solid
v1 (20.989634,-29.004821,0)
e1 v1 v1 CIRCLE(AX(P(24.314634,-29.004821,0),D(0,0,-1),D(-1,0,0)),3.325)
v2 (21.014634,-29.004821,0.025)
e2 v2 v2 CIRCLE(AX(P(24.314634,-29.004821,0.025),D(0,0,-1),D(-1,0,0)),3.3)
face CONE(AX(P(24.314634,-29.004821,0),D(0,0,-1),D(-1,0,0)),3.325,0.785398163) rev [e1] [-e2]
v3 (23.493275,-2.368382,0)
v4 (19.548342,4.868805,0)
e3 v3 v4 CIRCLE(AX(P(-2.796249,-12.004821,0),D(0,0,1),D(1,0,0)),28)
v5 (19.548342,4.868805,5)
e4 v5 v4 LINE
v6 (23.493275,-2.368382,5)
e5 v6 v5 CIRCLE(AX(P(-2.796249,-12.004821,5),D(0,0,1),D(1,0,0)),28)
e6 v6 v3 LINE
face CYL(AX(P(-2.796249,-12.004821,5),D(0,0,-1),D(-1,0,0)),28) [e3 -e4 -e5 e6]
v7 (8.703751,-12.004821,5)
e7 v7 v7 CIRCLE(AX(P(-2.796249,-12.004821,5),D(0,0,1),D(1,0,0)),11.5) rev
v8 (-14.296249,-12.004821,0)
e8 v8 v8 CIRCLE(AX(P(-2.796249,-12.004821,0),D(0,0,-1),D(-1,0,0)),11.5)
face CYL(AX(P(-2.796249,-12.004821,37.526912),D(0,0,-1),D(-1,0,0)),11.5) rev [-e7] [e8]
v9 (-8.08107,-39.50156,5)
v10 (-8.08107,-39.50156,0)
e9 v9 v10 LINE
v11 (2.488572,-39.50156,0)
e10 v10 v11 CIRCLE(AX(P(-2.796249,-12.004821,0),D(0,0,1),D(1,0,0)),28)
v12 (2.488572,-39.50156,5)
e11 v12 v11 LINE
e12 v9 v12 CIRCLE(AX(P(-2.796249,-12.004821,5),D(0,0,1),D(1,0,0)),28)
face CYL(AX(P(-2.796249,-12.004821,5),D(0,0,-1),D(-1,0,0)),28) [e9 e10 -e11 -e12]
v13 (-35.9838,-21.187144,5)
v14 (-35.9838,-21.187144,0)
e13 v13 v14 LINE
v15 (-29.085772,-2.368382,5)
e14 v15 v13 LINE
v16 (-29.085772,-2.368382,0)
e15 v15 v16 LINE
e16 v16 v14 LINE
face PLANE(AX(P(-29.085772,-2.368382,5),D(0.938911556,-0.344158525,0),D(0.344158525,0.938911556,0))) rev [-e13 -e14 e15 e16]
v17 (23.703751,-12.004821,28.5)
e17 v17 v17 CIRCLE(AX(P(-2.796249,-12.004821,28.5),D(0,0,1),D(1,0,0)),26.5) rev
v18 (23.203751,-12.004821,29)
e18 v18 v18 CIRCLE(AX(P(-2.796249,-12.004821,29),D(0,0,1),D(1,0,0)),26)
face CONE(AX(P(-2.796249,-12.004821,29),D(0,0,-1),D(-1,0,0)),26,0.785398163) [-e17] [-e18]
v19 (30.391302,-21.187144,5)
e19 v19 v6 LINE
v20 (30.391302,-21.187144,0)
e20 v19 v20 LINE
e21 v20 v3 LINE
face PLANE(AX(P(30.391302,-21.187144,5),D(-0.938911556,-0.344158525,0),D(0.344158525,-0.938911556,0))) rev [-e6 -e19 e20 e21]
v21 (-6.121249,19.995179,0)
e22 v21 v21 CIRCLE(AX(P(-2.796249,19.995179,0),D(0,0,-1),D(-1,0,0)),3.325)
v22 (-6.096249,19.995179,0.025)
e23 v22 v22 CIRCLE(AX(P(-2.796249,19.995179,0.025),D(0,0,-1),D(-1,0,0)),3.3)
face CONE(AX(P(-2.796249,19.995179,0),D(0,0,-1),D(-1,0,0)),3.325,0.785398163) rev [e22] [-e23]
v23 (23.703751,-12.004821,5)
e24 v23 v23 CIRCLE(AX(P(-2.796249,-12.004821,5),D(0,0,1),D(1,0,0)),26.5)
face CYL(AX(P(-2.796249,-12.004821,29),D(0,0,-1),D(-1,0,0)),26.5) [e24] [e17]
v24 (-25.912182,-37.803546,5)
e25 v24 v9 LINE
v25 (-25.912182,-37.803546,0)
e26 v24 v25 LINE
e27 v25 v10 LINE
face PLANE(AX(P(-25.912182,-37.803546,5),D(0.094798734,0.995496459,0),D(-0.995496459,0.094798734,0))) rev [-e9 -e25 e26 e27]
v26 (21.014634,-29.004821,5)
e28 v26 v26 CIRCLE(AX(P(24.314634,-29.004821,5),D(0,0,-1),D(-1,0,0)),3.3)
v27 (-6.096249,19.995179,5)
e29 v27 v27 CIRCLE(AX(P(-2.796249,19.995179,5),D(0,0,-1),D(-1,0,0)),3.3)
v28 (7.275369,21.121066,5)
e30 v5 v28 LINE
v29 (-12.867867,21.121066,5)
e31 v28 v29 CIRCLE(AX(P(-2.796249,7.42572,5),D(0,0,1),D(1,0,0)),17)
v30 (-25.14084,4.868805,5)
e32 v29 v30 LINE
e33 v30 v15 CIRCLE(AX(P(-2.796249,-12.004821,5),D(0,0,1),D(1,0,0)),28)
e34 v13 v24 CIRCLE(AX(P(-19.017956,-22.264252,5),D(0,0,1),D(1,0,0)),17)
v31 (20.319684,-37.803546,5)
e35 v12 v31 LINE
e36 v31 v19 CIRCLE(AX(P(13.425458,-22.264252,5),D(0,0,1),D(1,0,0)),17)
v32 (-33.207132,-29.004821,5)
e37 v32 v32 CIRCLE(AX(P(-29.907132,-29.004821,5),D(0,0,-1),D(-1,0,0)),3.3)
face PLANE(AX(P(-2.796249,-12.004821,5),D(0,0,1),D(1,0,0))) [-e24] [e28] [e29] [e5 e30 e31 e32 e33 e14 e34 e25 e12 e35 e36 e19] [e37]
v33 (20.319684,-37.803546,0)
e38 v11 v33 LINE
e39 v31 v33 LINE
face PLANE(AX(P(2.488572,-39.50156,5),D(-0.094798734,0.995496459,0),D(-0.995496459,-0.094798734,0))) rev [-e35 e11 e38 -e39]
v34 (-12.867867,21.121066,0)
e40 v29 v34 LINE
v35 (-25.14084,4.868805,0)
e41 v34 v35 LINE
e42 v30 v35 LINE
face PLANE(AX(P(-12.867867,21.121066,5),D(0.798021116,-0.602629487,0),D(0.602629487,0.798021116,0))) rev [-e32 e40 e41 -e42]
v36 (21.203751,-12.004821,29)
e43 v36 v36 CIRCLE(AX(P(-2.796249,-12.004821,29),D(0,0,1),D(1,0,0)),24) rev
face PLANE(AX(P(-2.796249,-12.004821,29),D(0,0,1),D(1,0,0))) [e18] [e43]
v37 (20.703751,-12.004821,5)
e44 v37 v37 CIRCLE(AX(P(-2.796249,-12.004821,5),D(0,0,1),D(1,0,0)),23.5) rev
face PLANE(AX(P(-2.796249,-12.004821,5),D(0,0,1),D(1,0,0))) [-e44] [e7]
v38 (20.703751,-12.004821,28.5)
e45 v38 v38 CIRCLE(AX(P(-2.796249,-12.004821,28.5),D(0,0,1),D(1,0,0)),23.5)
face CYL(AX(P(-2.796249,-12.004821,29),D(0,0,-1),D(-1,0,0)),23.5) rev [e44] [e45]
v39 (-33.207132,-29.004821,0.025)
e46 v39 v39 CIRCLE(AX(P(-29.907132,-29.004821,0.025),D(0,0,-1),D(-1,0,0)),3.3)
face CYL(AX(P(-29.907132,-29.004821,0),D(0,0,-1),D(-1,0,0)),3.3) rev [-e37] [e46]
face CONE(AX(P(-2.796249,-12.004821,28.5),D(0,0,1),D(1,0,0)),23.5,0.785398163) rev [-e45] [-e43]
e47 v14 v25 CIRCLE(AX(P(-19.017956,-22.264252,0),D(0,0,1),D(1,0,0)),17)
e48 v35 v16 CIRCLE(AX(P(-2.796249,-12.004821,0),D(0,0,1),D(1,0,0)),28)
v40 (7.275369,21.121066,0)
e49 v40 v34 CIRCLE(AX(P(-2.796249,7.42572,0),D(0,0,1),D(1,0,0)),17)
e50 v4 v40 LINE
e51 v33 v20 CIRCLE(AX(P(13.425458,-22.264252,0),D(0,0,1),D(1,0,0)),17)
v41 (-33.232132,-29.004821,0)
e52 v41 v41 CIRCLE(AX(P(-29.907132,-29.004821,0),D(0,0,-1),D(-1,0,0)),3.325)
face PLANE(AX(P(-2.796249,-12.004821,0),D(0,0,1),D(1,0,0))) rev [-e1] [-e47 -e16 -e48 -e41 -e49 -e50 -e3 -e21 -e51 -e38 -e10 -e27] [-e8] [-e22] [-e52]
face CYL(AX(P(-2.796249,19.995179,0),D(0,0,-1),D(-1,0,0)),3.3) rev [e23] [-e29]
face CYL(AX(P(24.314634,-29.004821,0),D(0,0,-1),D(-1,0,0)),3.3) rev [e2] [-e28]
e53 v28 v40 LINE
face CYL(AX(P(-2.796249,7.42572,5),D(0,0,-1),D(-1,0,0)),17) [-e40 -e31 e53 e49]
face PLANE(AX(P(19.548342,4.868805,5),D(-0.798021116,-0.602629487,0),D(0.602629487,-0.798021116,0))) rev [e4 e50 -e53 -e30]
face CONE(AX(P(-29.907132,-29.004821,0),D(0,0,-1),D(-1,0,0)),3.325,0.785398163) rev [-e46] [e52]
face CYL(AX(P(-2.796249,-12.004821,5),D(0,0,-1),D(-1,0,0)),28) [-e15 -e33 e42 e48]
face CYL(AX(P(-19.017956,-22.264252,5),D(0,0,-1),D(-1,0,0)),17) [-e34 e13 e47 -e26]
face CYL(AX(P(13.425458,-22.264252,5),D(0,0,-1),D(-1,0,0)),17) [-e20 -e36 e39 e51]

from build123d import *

# Parameters (mm, degrees)
ESTRUSIONE_ESTRUSIONE1_DEPTH   = 5
FORO_PER_VITE_M6_1_D           = 6.6
FORO_PER_VITE_M6_1_CSINK_D     = 6.65
FORO_PER_VITE_M6_1_CSINK_ANGLE = 90
SCHIZZO4_R                     = 26.5
SCHIZZO4_R_2                   = 23.5
ESTRUSIONE_ESTRUSIONE2_DEPTH   = 24
SCHIZZO5_R                     = 11.5
TAGLIO_ESTRUSIONE1_DEPTH       = 5
SMUSSO1_SIZE                   = 0.5


with BuildPart() as part:
    # Schizzo1 → Estrusione-Estrusione1 (new body)
    with BuildSketch(Plane.XY):
        with BuildLine():
            Line((2.4885721, -39.50156014), (20.319683996, -37.803546229))
            ThreePointArc((20.319683996, -37.803546229), (27.963406237, -31.07606674), (30.391301643, -21.187143955))
            Line((30.391301643, -21.187143955), (23.49327463, -2.368382239))
            ThreePointArc((23.49327463, -2.368382239), (21.78857361, 1.396167849), (19.548342312, 4.868804695))
            Line((19.548342312, 4.868804695), (7.275368714, 21.121066322))
            ThreePointArc((7.275368714, 21.121066322), (-2.796248933, 24.425719741), (-12.86786658, 21.121066322))
            Line((-12.86786658, 21.121066322), (-25.140840178, 4.868804695))
            ThreePointArc((-25.140840178, 4.868804695), (-27.381071476, 1.396167849), (-29.085772496, -2.368382239))
            Line((-29.085772496, -2.368382239), (-35.983799509, -21.187143955))
            ThreePointArc((-35.983799509, -21.187143955), (-33.555904103, -31.07606674), (-25.912181862, -37.803546229))
            Line((-25.912181862, -37.803546229), (-8.081069967, -39.50156014))
            ThreePointArc((-8.081069967, -39.50156014), (-2.796248933, -40.00482094), (2.4885721, -39.50156014))
        make_face()
    extrude(amount=ESTRUSIONE_ESTRUSIONE1_DEPTH)

    # Foro per Vite M6-1 (through all)
    with Locations(Plane(origin=(0, 0, 0), x_dir=(-1, 0, 0), z_dir=(0, 0, -1))):
        with Locations((2.796248933, 19.99517906), (29.907132357, -29.00482094), (-24.31463449, -29.00482094)):
            CounterSinkHole(FORO_PER_VITE_M6_1_D / 2, FORO_PER_VITE_M6_1_CSINK_D / 2, counter_sink_angle=FORO_PER_VITE_M6_1_CSINK_ANGLE)

    # Schizzo4 → Estrusione-Estrusione2 (add)
    with BuildSketch(Plane.XY.offset(5)):
        with Locations((-2.796248933, -12.00482094)):
            Circle(SCHIZZO4_R)
        with Locations((-2.796248933, -12.00482094)):
            Circle(SCHIZZO4_R_2, mode=Mode.SUBTRACT)
    extrude(amount=ESTRUSIONE_ESTRUSIONE2_DEPTH)

    # Schizzo5 → Taglio-Estrusione1 (cut)
    with BuildSketch(Plane(origin=(0, 0, 0), x_dir=(-1, 0, 0), z_dir=(0, 0, -1))):
        with Locations((2.796248933, -12.00482094)):
            Circle(SCHIZZO5_R)
    extrude(amount=-TAGLIO_ESTRUSIONE1_DEPTH, mode=Mode.SUBTRACT)

    # Smusso1
    smusso1_edges = [part.edges().sort_by_distance(p)[0] for p in [
        (-29.296248933, -12.00482094, 29),
        (-26.296248933, -12.00482094, 29),
    ]]
    chamfer(smusso1_edges, length=SMUSSO1_SIZE)


solid = part.part
